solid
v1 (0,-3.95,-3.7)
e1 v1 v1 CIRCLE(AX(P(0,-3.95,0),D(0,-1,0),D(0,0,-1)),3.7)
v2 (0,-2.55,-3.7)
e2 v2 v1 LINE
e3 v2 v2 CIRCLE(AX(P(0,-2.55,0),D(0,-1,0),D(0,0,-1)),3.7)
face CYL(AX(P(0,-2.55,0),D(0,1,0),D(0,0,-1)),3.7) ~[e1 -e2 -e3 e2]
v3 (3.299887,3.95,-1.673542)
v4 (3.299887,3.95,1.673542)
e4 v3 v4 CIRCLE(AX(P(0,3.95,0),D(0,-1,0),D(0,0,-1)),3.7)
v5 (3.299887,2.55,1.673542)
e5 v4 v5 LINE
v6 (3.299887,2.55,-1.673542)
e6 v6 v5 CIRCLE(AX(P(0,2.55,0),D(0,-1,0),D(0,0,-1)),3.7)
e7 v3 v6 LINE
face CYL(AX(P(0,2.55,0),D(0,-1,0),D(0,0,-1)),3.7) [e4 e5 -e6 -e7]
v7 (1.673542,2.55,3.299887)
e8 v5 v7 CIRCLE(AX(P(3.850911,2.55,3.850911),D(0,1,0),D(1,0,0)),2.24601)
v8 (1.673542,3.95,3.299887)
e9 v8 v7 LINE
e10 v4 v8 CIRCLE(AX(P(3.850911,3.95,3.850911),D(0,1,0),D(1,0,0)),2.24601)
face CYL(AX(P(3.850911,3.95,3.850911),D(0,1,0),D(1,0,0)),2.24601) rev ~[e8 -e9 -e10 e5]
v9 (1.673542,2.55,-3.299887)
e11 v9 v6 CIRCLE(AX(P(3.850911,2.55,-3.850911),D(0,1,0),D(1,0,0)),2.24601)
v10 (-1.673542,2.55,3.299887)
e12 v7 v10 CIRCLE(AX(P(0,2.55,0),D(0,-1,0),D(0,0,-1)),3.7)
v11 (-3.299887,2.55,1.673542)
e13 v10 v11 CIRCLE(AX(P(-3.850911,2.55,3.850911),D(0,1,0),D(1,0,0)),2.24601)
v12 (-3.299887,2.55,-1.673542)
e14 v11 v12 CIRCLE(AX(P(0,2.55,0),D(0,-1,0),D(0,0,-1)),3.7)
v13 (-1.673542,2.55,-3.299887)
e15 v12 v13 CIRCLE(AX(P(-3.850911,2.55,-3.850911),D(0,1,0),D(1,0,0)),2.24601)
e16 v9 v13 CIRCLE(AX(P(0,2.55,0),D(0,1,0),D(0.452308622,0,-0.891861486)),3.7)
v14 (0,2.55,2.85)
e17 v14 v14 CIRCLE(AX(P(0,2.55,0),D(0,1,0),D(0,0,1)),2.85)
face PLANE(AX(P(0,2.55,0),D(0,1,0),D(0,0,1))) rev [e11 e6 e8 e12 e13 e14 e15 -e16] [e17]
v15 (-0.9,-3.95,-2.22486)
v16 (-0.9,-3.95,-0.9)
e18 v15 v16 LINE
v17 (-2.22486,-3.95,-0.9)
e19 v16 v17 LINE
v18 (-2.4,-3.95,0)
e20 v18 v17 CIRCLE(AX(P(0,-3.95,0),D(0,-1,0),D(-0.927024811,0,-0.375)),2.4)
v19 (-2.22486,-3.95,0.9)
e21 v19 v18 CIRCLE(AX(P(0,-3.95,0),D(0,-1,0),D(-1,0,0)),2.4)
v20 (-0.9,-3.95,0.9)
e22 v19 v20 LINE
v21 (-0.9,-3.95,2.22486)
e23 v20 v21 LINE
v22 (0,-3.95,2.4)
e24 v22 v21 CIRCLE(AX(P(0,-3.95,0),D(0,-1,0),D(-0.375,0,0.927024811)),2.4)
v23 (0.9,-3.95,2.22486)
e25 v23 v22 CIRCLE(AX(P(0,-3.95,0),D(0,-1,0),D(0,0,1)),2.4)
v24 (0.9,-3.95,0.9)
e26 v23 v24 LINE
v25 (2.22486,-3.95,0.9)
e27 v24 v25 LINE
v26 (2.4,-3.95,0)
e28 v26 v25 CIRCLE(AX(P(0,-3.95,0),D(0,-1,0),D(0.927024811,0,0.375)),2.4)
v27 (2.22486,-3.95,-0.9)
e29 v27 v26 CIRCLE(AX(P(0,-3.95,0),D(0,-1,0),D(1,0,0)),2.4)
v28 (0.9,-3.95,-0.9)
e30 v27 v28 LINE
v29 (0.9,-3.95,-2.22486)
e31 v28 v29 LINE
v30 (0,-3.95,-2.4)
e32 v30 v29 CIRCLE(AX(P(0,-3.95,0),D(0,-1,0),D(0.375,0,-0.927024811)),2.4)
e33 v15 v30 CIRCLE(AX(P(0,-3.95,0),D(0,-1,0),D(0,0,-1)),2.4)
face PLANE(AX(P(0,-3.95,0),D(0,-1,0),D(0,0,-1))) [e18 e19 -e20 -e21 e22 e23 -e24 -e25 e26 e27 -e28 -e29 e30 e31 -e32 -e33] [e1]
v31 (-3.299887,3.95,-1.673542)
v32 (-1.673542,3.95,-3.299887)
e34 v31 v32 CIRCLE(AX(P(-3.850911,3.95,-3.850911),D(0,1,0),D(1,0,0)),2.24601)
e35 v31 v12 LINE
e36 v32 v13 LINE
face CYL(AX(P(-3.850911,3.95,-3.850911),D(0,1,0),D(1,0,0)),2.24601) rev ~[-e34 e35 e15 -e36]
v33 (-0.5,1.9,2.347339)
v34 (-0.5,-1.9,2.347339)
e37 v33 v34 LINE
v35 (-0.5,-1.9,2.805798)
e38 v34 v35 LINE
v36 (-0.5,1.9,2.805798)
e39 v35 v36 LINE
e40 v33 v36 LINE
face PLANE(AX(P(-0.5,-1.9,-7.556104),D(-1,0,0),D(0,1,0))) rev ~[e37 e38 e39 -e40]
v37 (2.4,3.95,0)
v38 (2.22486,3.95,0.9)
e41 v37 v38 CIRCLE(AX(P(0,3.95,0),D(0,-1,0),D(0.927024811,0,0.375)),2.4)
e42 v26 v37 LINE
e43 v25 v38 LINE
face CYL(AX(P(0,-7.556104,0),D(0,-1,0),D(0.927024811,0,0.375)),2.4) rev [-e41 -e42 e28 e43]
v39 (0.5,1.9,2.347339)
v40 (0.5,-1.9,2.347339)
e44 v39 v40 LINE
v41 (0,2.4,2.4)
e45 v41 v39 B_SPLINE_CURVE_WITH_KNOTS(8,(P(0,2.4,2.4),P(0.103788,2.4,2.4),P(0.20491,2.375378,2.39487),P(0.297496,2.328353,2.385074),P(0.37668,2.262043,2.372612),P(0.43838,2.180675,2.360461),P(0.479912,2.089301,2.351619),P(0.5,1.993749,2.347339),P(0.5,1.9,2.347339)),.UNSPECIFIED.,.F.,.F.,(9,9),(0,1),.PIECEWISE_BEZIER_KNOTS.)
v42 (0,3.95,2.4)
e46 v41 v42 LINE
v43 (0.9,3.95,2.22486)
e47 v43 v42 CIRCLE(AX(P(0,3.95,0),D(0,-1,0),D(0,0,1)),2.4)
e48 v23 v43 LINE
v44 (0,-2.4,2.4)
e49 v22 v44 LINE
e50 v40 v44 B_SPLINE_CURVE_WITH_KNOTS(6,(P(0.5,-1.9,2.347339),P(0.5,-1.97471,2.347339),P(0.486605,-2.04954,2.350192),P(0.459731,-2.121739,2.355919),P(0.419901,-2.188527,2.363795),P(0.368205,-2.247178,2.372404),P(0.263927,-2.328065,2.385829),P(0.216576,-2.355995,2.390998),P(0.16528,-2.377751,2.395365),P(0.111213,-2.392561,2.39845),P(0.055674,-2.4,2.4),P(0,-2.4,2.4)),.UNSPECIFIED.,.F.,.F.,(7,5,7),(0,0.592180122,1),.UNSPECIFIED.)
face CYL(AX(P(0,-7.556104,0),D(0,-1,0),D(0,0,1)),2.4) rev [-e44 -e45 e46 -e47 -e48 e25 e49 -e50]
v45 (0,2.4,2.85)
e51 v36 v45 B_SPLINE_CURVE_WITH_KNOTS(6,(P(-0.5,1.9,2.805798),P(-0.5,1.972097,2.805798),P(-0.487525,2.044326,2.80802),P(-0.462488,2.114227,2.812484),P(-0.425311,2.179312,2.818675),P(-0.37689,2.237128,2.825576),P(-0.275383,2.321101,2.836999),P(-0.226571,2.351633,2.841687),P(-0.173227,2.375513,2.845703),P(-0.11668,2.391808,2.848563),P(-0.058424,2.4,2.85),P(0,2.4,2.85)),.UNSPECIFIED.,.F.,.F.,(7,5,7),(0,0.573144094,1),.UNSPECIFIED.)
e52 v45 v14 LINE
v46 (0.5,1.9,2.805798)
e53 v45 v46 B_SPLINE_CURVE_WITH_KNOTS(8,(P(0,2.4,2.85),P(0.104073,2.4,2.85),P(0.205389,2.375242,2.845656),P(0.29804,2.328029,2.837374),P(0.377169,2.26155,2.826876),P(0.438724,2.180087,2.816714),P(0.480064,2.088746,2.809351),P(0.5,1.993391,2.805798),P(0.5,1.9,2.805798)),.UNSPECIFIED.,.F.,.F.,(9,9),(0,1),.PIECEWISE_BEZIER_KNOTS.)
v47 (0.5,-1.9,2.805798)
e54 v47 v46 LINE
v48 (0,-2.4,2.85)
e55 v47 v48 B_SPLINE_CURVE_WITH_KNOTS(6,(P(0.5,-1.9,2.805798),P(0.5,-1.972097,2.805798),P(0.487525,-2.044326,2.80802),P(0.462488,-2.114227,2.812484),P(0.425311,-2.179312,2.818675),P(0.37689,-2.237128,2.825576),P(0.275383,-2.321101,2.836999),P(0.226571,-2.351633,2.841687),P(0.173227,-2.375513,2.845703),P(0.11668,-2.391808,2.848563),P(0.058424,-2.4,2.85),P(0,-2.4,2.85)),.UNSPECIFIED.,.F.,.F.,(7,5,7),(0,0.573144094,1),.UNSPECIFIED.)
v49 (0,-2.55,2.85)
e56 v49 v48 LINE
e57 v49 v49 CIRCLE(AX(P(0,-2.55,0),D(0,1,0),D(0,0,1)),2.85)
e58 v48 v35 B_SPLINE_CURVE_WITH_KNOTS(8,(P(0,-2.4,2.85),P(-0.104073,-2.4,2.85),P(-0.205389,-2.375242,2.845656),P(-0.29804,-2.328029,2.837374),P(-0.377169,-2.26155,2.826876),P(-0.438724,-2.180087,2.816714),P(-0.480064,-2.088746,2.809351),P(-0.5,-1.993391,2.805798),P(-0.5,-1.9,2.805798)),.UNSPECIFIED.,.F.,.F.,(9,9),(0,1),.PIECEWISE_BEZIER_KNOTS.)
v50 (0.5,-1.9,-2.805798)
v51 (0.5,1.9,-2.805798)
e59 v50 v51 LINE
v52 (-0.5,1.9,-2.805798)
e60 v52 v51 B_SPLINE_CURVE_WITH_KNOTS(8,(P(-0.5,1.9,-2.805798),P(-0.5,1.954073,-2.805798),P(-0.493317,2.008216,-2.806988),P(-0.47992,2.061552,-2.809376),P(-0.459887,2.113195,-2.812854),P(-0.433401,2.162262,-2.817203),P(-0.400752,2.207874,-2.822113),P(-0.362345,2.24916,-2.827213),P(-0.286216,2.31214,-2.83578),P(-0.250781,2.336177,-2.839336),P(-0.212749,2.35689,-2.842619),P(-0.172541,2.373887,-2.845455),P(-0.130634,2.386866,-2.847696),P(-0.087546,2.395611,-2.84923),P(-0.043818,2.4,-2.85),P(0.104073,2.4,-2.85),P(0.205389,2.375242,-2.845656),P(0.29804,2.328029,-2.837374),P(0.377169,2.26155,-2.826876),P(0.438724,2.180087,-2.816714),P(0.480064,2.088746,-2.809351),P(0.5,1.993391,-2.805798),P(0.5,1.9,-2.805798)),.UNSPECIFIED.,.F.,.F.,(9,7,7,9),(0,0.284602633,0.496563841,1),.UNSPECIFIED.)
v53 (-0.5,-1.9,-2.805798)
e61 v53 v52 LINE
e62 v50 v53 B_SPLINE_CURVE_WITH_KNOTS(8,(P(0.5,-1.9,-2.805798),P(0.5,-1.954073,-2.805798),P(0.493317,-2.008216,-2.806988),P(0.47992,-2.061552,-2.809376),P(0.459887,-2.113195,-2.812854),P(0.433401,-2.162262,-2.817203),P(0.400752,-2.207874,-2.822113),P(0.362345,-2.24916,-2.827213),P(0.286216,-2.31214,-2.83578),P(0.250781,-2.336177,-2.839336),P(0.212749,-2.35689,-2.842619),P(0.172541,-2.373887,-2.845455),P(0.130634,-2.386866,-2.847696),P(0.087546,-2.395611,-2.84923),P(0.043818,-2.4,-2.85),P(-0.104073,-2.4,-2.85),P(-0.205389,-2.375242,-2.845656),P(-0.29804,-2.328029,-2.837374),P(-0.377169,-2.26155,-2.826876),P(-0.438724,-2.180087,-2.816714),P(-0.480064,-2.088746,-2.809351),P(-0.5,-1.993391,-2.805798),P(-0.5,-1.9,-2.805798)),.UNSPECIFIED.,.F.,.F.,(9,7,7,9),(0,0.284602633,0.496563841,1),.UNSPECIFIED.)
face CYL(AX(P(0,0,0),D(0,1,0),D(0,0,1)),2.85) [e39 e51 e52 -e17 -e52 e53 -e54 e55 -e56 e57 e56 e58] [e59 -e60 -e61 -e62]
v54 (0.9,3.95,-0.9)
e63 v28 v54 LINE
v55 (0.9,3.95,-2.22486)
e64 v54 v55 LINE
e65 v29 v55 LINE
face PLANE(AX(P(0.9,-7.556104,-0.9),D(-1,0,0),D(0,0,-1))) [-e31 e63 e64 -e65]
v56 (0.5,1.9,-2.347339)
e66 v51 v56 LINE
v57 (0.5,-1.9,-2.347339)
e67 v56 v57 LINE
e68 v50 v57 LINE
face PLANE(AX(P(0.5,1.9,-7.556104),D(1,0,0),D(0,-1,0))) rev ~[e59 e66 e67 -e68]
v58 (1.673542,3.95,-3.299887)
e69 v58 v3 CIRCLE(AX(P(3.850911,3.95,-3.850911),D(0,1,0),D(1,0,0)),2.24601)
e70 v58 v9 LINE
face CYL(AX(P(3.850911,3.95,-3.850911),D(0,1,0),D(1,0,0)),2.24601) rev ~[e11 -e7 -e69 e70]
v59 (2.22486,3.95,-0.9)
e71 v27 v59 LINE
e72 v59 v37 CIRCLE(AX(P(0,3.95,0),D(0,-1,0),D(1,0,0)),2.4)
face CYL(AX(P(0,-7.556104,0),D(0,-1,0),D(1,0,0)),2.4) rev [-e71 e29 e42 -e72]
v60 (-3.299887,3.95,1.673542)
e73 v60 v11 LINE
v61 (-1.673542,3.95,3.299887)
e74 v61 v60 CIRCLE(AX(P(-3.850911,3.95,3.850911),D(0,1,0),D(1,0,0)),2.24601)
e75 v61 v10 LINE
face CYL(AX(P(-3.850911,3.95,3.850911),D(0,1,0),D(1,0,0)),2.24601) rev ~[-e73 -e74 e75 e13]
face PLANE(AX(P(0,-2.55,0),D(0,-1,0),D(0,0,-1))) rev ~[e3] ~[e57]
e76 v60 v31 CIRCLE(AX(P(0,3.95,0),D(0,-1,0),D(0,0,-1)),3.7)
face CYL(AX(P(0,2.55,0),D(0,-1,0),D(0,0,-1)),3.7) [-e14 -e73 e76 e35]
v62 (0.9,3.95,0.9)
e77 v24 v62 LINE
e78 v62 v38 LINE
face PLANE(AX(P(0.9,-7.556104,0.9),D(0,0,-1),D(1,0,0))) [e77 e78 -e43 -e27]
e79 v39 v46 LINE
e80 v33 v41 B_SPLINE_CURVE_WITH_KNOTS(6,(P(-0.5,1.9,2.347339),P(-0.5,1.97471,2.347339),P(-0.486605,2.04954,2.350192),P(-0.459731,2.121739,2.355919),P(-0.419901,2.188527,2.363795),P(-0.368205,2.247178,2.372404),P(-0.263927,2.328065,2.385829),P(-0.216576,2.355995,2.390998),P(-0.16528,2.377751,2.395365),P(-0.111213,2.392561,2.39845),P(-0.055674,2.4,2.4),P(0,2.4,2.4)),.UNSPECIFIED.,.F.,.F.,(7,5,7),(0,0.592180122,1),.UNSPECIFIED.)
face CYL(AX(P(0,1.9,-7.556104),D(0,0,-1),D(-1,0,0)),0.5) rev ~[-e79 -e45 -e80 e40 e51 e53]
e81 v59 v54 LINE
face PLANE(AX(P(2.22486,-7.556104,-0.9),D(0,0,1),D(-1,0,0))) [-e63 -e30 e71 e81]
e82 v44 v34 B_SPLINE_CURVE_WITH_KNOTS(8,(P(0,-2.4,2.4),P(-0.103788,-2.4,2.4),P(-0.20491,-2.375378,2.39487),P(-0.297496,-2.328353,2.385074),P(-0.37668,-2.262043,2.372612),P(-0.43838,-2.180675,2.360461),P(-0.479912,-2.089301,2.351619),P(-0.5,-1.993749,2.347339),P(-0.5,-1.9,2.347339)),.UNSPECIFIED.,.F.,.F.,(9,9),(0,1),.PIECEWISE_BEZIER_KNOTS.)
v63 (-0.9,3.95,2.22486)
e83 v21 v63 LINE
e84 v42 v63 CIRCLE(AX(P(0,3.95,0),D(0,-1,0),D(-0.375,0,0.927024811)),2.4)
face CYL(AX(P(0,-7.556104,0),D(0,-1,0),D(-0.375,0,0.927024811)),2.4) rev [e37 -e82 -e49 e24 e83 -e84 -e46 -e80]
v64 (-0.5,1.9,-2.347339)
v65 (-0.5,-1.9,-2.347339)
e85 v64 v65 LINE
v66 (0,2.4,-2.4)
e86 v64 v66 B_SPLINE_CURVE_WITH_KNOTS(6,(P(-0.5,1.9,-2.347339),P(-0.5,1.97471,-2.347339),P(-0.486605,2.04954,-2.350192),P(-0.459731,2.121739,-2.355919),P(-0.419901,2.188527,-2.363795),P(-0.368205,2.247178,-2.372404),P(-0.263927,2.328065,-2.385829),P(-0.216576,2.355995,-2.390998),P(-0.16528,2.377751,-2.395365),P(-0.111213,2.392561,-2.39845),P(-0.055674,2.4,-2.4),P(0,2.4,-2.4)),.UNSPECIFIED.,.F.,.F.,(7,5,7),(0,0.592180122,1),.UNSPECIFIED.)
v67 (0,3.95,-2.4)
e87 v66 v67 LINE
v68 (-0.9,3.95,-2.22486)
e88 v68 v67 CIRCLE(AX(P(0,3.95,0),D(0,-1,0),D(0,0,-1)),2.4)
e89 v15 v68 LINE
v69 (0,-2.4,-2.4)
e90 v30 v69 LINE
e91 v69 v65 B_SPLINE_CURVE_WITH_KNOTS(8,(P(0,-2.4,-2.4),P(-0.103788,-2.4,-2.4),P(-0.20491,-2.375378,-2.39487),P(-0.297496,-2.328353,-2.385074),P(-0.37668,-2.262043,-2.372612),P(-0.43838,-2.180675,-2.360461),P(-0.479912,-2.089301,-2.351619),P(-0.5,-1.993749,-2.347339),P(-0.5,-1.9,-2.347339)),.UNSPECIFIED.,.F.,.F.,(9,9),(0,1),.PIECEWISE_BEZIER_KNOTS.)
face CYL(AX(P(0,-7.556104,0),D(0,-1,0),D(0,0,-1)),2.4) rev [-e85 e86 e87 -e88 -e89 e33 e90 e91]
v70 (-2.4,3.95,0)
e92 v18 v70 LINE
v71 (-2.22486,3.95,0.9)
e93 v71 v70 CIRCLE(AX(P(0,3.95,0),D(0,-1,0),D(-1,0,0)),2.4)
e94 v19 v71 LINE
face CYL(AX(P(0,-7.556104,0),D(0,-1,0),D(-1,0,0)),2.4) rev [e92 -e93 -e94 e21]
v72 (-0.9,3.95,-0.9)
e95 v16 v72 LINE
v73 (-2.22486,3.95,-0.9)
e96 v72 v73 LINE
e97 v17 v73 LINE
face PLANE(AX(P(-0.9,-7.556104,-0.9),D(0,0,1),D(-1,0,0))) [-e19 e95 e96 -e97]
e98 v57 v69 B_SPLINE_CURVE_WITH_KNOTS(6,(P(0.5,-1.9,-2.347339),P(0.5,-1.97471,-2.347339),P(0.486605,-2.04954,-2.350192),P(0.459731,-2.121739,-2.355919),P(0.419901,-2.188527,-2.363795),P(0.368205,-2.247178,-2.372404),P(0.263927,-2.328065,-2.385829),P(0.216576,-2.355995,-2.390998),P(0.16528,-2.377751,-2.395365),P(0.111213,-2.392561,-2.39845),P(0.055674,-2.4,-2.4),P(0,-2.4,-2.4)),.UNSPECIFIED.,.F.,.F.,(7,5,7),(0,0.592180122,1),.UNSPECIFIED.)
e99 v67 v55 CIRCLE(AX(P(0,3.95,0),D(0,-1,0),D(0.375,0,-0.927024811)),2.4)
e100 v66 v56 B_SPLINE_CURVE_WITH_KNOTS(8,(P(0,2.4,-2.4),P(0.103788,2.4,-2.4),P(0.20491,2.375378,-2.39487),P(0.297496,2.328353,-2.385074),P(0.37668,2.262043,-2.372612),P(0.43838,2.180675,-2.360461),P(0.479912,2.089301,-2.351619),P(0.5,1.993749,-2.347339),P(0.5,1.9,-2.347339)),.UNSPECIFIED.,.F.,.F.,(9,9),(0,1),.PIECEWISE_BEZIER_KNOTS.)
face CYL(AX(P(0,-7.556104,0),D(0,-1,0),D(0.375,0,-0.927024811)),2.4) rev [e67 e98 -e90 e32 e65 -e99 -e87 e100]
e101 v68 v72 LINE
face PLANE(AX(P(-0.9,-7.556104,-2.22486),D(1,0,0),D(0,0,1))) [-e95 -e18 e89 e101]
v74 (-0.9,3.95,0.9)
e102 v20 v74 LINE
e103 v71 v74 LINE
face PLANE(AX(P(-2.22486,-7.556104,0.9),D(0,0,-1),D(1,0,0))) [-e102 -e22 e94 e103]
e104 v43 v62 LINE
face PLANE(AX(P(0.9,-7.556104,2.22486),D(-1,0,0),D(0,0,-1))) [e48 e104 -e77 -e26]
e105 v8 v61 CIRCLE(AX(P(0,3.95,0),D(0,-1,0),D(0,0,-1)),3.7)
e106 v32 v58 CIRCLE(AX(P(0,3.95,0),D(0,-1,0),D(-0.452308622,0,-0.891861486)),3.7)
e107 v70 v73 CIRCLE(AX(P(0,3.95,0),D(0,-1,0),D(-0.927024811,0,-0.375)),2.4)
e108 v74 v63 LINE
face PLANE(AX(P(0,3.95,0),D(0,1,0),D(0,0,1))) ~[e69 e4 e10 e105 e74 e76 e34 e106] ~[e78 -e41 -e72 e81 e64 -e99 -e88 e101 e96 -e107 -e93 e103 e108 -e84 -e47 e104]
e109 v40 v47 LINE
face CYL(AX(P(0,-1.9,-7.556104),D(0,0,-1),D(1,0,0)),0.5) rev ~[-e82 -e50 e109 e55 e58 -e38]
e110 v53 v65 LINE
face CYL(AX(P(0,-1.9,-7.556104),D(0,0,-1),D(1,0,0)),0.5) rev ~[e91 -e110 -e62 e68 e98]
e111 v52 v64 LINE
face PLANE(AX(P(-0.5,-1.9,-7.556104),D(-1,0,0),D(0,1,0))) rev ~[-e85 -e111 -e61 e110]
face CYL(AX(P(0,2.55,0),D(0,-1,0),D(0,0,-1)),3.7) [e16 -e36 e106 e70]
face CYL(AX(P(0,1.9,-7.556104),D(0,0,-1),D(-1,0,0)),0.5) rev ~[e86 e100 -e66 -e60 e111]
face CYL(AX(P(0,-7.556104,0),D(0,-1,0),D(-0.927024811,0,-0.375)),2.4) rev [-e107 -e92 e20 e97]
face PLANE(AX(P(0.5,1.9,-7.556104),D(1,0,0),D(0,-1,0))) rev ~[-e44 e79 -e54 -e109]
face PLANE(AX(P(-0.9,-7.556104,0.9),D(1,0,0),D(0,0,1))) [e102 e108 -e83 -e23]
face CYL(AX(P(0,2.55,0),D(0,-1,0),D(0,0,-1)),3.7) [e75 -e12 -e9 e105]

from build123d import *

# Parameters (mm, degrees)
SKETCH1_R           = 2.85
MIDDLE_BODY_DEPTH   = 2.55
SKETCH2_R           = 3.7
OUTER_RIM_DEPTH     = 1.4
AXLE_CUT_DEPTH      = 7.556104026
AXLE_CUT_DEPTH_BACK = 7.556104026
SKETCH3_W           = 1.8
SKETCH3_H           = 1.8
SLOT_CUT_DEPTH      = 7.556104026
SLOT_CUT_DEPTH_BACK = 7.556104026
SKETCH5_R           = 2.24600999
SCALLOP_CUT_DEPTH   = 1.4


with BuildPart() as part:
    # Sketch1 → Middle Body (new, symmetric)
    with BuildSketch(Plane(origin=(0, 0, 0), x_dir=(1, 0, 0), z_dir=(0, 1, 0))):
        with Locations(Location((0, 0, 0), (0, 0, 270))):
            Circle(SKETCH1_R)
    extrude(amount=MIDDLE_BODY_DEPTH, both=True)

    # Sketch2 → Outer Rim (add)
    with BuildSketch(Plane.XZ.offset(2.55)):
        with Locations(Location((0, 0, 0), (0, 0, 270))):
            Circle(SKETCH2_R)
    outer_rim = extrude(amount=OUTER_RIM_DEPTH)

    # Mirror1: Outer Rim across plane
    add(outer_rim.mirror(Plane.ZX))

    # Sketch3 → Axle Cut (cut, two sides: drawn at the far end of the back side and taken through both)
    with BuildSketch(Plane(origin=(0, 0, 0), x_dir=(1, 0, 0), z_dir=(0, 1, 0)).offset(-AXLE_CUT_DEPTH_BACK)):
        with BuildLine():
            Line((-0.9, 0.9), (0.9, 0.9))
            Line((0.9, 0.9), (0.9, 2.224859546))
            ThreePointArc((0.9, 2.224859546), (0.45844143, 2.355808026), (0, 2.4))
            ThreePointArc((0, 2.4), (-0.45844143, 2.355808026), (-0.9, 2.224859546))
            Line((-0.9, 2.224859546), (-0.9, 0.9))
        make_face()
        with BuildLine():
            Line((-2.224859546, -0.9), (-0.9, -0.9))
            Line((-0.9, -0.9), (-0.9, 0.9))
            Line((-0.9, 0.9), (-2.224859546, 0.9))
            ThreePointArc((-2.224859546, 0.9), (-2.355808026, 0.45844143), (-2.4, 0))
            ThreePointArc((-2.4, 0), (-2.355808026, -0.45844143), (-2.224859546, -0.9))
        make_face()
        Rectangle(SKETCH3_W, SKETCH3_H)
        with BuildLine():
            Line((0.9, -2.224859546), (0.9, -0.9))
            Line((0.9, -0.9), (-0.9, -0.9))
            Line((-0.9, -0.9), (-0.9, -2.224859546))
            ThreePointArc((-0.9, -2.224859546), (-0.45844143, -2.355808026), (0, -2.4))
            ThreePointArc((0, -2.4), (0.45844143, -2.355808026), (0.9, -2.224859546))
        make_face()
        with BuildLine():
            Line((0.9, -0.9), (2.224859546, -0.9))
            ThreePointArc((2.224859546, -0.9), (2.355808026, -0.45844143), (2.4, 0))
            ThreePointArc((2.4, 0), (2.355808026, 0.45844143), (2.224859546, 0.9))
            Line((2.224859546, 0.9), (0.9, 0.9))
            Line((0.9, 0.9), (0.9, -0.9))
        make_face()
    extrude(amount=AXLE_CUT_DEPTH + AXLE_CUT_DEPTH_BACK, mode=Mode.SUBTRACT)

    # Sketch4 → Slot Cut (cut, two sides: drawn at the far end of the back side and taken through both)
    with BuildSketch(Plane.XY.offset(-SLOT_CUT_DEPTH_BACK)):
        with BuildLine():
            Line((-0.5, -1.9), (-0.5, 1.9))
            ThreePointArc((-0.5, 1.9), (0, 2.4), (0.5, 1.9))
            Line((0.5, 1.9), (0.5, -1.9))
            ThreePointArc((0.5, -1.9), (0, -2.4), (-0.5, -1.9))
        make_face()
    extrude(amount=SLOT_CUT_DEPTH + SLOT_CUT_DEPTH_BACK, mode=Mode.SUBTRACT)

    # Sketch5 → Scallop Cut (cut)
    with BuildSketch(Plane(origin=(0, 3.95, 0), x_dir=(1, 0, 0), z_dir=(0, 1, 0))):
        with Locations((3.850910595, 3.850910595)):
            Circle(SKETCH5_R)
        with Locations((3.850910595, -3.850910595)):
            Circle(SKETCH5_R)
        with Locations((-3.850910595, -3.850910595)):
            Circle(SKETCH5_R)
        with Locations((-3.850910595, 3.850910595)):
            Circle(SKETCH5_R)
    extrude(amount=-SCALLOP_CUT_DEPTH, mode=Mode.SUBTRACT)


solid = part.part
